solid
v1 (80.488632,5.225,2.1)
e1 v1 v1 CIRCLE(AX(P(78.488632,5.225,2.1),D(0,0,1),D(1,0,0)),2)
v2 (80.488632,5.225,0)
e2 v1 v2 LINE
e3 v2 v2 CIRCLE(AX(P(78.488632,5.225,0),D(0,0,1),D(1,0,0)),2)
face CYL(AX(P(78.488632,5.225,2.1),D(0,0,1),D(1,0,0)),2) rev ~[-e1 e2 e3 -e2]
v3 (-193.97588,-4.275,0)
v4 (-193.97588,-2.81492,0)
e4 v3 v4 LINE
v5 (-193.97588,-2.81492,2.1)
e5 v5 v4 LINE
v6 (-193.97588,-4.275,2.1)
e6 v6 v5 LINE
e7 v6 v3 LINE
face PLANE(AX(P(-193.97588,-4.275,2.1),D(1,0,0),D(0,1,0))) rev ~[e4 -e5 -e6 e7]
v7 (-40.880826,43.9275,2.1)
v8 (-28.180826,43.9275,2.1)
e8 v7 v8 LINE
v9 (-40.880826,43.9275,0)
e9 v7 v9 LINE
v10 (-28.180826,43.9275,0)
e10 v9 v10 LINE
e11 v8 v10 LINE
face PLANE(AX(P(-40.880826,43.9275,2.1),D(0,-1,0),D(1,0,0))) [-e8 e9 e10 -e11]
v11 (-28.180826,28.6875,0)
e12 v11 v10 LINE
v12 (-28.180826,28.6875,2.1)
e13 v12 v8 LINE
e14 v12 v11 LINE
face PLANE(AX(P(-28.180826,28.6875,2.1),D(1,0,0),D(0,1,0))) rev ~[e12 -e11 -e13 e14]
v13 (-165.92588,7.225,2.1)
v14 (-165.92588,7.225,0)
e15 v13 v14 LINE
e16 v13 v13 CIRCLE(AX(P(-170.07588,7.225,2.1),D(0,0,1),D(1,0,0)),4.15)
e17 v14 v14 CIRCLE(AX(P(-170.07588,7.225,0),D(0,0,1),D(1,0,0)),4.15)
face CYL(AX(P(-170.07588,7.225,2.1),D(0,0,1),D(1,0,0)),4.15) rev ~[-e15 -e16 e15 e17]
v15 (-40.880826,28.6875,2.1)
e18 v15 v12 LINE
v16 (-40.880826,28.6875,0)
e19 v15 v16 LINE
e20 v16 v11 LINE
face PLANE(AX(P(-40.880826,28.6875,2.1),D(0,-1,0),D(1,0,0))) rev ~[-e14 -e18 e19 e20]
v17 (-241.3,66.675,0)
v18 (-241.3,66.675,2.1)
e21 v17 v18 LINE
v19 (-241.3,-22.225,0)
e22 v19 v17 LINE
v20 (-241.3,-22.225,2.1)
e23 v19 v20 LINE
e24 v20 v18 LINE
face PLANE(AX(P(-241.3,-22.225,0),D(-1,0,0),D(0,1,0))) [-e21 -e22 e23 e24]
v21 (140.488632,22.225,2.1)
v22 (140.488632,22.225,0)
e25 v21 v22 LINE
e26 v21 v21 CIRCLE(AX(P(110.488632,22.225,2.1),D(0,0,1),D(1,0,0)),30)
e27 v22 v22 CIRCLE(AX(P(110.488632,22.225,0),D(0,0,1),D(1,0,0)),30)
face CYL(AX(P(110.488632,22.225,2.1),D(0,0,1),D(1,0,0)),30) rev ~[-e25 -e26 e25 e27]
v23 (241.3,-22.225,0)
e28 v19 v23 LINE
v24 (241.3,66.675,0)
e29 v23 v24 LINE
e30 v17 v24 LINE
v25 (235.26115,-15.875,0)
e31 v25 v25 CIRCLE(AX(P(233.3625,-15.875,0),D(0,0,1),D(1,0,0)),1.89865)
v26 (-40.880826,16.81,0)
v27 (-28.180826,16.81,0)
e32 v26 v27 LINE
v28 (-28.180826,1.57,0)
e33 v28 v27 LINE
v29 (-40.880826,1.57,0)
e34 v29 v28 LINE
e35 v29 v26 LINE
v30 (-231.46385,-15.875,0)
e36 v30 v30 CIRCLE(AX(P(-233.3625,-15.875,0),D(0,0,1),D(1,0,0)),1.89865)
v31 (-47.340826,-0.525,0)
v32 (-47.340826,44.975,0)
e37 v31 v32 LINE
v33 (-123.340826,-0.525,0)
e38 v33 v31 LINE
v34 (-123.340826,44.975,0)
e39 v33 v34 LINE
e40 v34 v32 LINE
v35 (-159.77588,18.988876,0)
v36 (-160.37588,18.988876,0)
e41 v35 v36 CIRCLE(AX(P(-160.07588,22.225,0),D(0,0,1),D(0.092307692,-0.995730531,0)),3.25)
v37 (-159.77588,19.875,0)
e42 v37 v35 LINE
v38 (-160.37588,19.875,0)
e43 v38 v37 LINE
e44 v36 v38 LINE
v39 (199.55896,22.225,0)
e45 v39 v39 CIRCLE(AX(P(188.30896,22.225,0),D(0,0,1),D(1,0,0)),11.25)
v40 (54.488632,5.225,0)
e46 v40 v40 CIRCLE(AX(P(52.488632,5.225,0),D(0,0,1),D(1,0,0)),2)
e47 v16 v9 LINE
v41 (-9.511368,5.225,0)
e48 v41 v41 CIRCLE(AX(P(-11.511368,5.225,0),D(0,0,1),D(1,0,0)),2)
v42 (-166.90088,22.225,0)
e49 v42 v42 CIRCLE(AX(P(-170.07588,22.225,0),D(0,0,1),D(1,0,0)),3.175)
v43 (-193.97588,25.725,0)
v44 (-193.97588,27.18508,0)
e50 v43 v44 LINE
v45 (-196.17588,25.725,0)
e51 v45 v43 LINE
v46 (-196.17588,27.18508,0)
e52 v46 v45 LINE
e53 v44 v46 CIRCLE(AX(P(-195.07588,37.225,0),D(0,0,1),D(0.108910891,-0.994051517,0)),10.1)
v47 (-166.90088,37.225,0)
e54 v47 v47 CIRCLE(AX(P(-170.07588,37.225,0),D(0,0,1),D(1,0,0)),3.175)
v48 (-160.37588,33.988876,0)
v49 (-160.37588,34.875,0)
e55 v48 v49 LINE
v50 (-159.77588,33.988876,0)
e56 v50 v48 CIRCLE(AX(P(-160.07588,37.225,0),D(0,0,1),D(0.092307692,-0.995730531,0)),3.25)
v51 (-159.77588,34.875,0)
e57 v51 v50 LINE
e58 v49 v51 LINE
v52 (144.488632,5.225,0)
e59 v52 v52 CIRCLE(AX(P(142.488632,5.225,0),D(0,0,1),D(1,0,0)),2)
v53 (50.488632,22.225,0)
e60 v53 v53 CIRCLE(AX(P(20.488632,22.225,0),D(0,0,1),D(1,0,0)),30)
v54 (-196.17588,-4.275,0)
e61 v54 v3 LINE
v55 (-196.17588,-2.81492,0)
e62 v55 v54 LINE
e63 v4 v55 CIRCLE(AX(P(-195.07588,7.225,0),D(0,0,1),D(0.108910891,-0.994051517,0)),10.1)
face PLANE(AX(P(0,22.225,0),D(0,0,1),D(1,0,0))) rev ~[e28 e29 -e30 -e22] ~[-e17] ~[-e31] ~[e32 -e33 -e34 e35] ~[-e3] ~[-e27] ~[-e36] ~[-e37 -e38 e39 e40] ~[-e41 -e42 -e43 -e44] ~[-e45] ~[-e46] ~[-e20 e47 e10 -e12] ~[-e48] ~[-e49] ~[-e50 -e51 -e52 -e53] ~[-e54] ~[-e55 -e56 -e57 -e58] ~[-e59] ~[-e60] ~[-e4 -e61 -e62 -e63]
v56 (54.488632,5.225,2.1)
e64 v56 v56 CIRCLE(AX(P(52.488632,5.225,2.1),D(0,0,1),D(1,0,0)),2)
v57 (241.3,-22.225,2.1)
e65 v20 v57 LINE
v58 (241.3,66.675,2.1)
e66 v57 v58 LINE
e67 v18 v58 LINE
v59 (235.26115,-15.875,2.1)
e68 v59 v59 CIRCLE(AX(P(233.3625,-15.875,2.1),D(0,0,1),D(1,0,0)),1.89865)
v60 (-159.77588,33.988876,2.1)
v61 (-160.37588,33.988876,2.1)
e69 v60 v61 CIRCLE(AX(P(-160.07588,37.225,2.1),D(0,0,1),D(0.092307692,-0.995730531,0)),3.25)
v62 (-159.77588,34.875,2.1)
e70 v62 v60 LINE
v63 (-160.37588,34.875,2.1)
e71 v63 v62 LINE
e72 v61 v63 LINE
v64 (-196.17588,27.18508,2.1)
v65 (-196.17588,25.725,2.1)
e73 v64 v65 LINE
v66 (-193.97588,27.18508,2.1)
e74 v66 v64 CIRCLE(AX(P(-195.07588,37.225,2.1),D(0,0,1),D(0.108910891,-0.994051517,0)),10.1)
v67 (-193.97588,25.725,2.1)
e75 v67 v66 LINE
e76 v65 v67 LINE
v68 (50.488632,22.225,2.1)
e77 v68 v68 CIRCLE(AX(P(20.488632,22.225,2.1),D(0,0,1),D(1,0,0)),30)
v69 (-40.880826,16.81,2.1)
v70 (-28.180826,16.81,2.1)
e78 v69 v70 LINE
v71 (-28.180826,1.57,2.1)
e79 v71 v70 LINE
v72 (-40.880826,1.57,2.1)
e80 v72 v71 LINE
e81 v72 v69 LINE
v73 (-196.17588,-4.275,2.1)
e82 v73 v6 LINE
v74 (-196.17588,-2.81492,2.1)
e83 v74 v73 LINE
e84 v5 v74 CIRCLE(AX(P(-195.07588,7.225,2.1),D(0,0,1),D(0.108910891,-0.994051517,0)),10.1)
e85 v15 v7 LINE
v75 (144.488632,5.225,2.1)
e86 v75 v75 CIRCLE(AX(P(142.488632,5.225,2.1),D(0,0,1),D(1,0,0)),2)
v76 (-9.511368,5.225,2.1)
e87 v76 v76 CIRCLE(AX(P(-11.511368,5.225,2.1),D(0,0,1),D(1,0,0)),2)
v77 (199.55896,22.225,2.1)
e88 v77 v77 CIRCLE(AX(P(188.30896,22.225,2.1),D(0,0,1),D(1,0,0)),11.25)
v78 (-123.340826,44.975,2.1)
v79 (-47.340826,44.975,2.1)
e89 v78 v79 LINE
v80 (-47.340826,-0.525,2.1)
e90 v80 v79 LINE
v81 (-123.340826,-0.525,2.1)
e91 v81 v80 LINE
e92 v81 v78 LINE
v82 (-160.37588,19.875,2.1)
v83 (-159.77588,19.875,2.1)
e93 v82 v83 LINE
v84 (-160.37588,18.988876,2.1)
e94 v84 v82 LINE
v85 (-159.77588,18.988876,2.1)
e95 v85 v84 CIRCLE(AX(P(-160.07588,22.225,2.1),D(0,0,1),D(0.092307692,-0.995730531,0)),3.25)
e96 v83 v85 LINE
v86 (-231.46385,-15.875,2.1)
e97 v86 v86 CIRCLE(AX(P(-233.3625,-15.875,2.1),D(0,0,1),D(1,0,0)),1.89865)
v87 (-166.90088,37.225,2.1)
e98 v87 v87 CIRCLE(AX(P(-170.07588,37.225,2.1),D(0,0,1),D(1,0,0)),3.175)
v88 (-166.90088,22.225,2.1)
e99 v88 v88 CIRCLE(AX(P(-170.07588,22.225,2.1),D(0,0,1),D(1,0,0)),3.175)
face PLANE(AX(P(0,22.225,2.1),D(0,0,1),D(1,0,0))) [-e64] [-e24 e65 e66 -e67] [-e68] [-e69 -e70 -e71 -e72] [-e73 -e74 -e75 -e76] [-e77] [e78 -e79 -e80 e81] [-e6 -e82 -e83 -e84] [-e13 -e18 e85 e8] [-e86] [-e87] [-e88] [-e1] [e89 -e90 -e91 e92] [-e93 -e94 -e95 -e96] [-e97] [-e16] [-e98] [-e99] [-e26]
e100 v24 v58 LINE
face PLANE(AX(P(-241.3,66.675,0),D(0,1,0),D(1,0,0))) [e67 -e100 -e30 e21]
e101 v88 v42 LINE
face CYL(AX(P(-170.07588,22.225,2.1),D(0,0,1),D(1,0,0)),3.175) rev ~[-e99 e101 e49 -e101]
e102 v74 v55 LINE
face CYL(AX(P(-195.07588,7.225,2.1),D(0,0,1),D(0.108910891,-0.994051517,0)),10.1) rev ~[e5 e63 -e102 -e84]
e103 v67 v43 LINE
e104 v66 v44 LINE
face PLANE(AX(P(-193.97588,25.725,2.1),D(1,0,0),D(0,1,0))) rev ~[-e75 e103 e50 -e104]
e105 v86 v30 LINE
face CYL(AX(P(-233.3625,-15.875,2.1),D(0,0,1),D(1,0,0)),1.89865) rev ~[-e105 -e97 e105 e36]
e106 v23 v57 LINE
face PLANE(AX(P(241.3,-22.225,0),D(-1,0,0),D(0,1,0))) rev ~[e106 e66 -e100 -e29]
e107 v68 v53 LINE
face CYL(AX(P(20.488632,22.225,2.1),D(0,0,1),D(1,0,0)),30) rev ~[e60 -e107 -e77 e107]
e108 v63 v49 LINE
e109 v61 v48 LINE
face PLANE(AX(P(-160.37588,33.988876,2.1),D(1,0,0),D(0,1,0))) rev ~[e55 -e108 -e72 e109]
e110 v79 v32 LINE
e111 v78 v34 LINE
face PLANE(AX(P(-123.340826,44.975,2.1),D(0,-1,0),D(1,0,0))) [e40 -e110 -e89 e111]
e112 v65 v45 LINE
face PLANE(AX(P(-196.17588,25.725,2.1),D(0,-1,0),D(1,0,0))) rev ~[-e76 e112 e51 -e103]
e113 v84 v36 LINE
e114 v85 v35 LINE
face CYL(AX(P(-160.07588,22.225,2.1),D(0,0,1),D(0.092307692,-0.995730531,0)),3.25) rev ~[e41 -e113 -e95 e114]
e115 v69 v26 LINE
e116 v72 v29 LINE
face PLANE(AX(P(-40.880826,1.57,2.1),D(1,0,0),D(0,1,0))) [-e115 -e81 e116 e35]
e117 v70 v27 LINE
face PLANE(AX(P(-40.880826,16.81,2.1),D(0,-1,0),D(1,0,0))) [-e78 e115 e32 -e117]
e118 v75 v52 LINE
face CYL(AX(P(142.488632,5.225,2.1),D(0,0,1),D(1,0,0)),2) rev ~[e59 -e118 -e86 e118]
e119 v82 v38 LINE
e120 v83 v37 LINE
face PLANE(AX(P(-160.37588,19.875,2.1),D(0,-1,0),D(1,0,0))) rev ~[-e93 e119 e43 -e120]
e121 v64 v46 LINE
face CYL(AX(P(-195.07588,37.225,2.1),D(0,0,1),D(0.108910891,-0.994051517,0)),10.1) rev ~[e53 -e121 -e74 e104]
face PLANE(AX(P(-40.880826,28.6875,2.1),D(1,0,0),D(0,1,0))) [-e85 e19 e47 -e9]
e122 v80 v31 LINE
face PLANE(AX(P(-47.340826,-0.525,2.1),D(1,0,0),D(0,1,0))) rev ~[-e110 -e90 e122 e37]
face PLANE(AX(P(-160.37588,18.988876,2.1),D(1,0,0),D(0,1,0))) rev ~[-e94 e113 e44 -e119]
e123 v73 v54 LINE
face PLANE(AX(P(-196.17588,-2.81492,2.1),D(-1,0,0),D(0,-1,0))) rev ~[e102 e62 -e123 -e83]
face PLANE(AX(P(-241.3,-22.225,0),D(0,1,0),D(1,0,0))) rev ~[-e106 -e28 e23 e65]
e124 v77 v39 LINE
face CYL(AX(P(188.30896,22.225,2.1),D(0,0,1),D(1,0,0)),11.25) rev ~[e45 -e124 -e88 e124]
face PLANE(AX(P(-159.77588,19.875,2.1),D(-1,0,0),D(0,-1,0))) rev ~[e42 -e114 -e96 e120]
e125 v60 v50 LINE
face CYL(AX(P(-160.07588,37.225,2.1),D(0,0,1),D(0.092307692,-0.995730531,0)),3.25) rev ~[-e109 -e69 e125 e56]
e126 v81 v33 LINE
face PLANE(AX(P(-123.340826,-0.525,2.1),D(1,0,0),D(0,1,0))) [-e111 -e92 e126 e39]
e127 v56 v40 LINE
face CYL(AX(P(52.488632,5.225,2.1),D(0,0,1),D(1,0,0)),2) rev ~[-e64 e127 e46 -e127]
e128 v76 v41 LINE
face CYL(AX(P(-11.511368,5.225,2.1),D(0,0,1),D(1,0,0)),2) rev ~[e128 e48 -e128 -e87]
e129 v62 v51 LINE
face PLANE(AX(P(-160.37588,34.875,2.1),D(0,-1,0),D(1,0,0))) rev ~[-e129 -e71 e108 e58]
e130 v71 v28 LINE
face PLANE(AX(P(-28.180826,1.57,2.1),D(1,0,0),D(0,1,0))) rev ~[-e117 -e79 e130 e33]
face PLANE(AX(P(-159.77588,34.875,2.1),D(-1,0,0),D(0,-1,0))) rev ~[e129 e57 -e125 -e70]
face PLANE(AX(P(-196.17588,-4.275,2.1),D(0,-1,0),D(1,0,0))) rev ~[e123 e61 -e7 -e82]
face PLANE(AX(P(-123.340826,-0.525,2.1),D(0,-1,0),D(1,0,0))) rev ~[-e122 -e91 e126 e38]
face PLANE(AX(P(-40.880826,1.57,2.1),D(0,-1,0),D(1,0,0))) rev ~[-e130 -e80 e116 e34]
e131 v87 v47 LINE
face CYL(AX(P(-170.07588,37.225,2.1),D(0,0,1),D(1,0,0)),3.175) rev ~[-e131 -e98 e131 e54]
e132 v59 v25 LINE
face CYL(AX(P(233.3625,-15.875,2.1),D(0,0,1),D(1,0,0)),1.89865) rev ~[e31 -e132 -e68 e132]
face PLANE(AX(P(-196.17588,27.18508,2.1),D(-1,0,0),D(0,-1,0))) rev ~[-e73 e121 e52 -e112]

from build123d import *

# Parameters (mm, degrees)
SKETCH1_W              = 482.6
SKETCH1_H              = 88.9
FRONT_PANEL_DEPTH      = 2.1
MOUNTING_HOLES_REACH   = 252.351
SKETCH7_R              = 1.89865
START_STOP_DEPTH       = 251.351064757
SKETCH3_R              = 3.175
MODE_SELECT_DEPTH      = 251.351064757
SKETCH4_W              = 76
SKETCH4_H              = 45.5
LCD_CUTOUT_DEPTH       = 251.351064757
SKETCH5_R              = 11.25
E_STOP_CUTOUT_DEPTH    = 251.351064757
SKETCH6_W              = 12.7
SKETCH6_H              = 15.24
LCD_PUSHBUTTONS_DEPTH  = 251.351064757
ERROR_INDICATOR_REACH  = 252.351
SKETCH8_R              = 4.15
PANEL_METER_CUTOUT_R   = 30
PANEL_METER_CUTOUT_R_2 = 2
PANEL_METER_DEPTH      = 251.351064757
LPATTERN1_COUNT        = 2
LPATTERN1_PITCH        = 90


with BuildPart() as part:
    # Sketch1 → Front panel (new body)
    with BuildSketch(Plane.XY):
        with Locations((0, 22.225)):
            Rectangle(SKETCH1_W, SKETCH1_H)
    extrude(amount=FRONT_PANEL_DEPTH)

    # Sketch7 → Mounting holes (cut, up to next)
    with BuildSketch(Plane.XY.offset(2.1), mode=Mode.PRIVATE) as mounting_holes_sk1:
        with Locations((-233.3625, -15.875)):
            Circle(SKETCH7_R)
    mounting_holes_tool1 = extrude(mounting_holes_sk1.sketch, amount=-MOUNTING_HOLES_REACH, mode=Mode.PRIVATE) & part.part
    # Sketch7 → Mounting holes (cut, up to next)
    with BuildSketch(Plane.XY.offset(2.1), mode=Mode.PRIVATE) as mounting_holes_sk2:
        with Locations((233.3625, -15.875)):
            Circle(SKETCH7_R)
    mounting_holes_tool2 = extrude(mounting_holes_sk2.sketch, amount=-MOUNTING_HOLES_REACH, mode=Mode.PRIVATE) & part.part
    add(mounting_holes_tool1.solids().sort_by_distance((-233.3625, -15.875, 2.1))[0], mode=Mode.SUBTRACT)
    add(mounting_holes_tool2.solids().sort_by_distance((233.3625, -15.875, 2.1))[0], mode=Mode.SUBTRACT)

    # Sketch2 → Start/stop (cut, through all)
    with BuildSketch(Plane.XY.offset(2.1)):
        with BuildLine():
            Line((-196.175880429, 27.185079682), (-196.175880429, 25.725))
            Line((-196.175880429, 25.725), (-193.975880429, 25.725))
            Line((-193.975880429, 25.725), (-193.975880429, 27.185079682))
            ThreePointArc((-193.975880429, 27.185079682), (-195.075880429, 47.325), (-196.175880429, 27.185079682))
        make_face()
        with BuildLine():
            Line((-196.175880429, -2.814920318), (-196.175880429, -4.275))
            Line((-196.175880429, -4.275), (-193.975880429, -4.275))
            Line((-193.975880429, -4.275), (-193.975880429, -2.814920318))
            ThreePointArc((-193.975880429, -2.814920318), (-195.075880429, 17.325), (-196.175880429, -2.814920318))
        make_face()
    extrude(amount=-START_STOP_DEPTH, mode=Mode.SUBTRACT)

    # Sketch3 → Mode select (cut, through all)
    with BuildSketch(Plane.XY.offset(2.1)):
        with Locations((-170.075880429, 37.225)):
            Circle(SKETCH3_R)
        with Locations((-170.075880429, 22.225)):
            Circle(SKETCH3_R)
        with BuildLine():
            Line((-160.375880429, 33.988875775), (-160.375880429, 34.875))
            Line((-160.375880429, 34.875), (-159.775880429, 34.875))
            Line((-159.775880429, 34.875), (-159.775880429, 33.988875775))
            ThreePointArc((-159.775880429, 33.988875775), (-160.075880429, 40.475), (-160.375880429, 33.988875775))
        make_face()
        with BuildLine():
            Line((-160.375880429, 18.988875775), (-160.375880429, 19.875))
            Line((-160.375880429, 19.875), (-159.775880429, 19.875))
            Line((-159.775880429, 19.875), (-159.775880429, 18.988875775))
            ThreePointArc((-159.775880429, 18.988875775), (-160.075880429, 25.475), (-160.375880429, 18.988875775))
        make_face()
    extrude(amount=-MODE_SELECT_DEPTH, mode=Mode.SUBTRACT)

    # Sketch4 → LCD cutout (cut, through all)
    with BuildSketch(Plane.XY.offset(2.1)):
        with Locations((-85.340826022, 22.225)):
            Rectangle(SKETCH4_W, SKETCH4_H)
    extrude(amount=-LCD_CUTOUT_DEPTH, mode=Mode.SUBTRACT)

    # Sketch5 → E-stop cutout (cut, through all)
    with BuildSketch(Plane.XY.offset(2.1)):
        with Locations((188.308959836, 22.225)):
            Circle(SKETCH5_R)
    extrude(amount=-E_STOP_CUTOUT_DEPTH, mode=Mode.SUBTRACT)

    # Sketch6 → LCD pushbuttons (cut, through all)
    with BuildSketch(Plane.XY.offset(2.1)):
        with Locations((-34.530826022, 36.3075)):
            Rectangle(SKETCH6_W, SKETCH6_H)
        with Locations((-34.530826022, 9.19)):
            Rectangle(SKETCH6_W, SKETCH6_H)
    extrude(amount=-LCD_PUSHBUTTONS_DEPTH, mode=Mode.SUBTRACT)

    # Sketch8 → ERROR indicator (cut, up to next)
    with BuildSketch(Plane.XY.offset(2.1), mode=Mode.PRIVATE) as error_indicator_sk1:
        with Locations((-170.075880429, 7.225)):
            Circle(SKETCH8_R)
    error_indicator_tool1 = extrude(error_indicator_sk1.sketch, amount=-ERROR_INDICATOR_REACH, mode=Mode.PRIVATE) & part.part
    add(error_indicator_tool1.solids().sort_by_distance((-170.07588, 7.225, 2.1))[0], mode=Mode.SUBTRACT)

    # Panel meter cutout → Panel meter (cut, through all)
    with BuildSketch(Plane.XY.offset(2.1)):
        with Locations((20.488631919, 22.225)):
            Circle(PANEL_METER_CUTOUT_R)
        with Locations((52.488631919, 5.225)):
            Circle(PANEL_METER_CUTOUT_R_2)
        with Locations((-11.511368081, 5.225)):
            Circle(PANEL_METER_CUTOUT_R_2)
    panel_meter = extrude(amount=-PANEL_METER_DEPTH, mode=Mode.SUBTRACT)

    # LPattern1: Panel meter ×2
    with Locations(*[(i * LPATTERN1_PITCH, 0, 0) for i in range(1, LPATTERN1_COUNT)]):
        add(panel_meter, mode=Mode.SUBTRACT)


solid = part.part
